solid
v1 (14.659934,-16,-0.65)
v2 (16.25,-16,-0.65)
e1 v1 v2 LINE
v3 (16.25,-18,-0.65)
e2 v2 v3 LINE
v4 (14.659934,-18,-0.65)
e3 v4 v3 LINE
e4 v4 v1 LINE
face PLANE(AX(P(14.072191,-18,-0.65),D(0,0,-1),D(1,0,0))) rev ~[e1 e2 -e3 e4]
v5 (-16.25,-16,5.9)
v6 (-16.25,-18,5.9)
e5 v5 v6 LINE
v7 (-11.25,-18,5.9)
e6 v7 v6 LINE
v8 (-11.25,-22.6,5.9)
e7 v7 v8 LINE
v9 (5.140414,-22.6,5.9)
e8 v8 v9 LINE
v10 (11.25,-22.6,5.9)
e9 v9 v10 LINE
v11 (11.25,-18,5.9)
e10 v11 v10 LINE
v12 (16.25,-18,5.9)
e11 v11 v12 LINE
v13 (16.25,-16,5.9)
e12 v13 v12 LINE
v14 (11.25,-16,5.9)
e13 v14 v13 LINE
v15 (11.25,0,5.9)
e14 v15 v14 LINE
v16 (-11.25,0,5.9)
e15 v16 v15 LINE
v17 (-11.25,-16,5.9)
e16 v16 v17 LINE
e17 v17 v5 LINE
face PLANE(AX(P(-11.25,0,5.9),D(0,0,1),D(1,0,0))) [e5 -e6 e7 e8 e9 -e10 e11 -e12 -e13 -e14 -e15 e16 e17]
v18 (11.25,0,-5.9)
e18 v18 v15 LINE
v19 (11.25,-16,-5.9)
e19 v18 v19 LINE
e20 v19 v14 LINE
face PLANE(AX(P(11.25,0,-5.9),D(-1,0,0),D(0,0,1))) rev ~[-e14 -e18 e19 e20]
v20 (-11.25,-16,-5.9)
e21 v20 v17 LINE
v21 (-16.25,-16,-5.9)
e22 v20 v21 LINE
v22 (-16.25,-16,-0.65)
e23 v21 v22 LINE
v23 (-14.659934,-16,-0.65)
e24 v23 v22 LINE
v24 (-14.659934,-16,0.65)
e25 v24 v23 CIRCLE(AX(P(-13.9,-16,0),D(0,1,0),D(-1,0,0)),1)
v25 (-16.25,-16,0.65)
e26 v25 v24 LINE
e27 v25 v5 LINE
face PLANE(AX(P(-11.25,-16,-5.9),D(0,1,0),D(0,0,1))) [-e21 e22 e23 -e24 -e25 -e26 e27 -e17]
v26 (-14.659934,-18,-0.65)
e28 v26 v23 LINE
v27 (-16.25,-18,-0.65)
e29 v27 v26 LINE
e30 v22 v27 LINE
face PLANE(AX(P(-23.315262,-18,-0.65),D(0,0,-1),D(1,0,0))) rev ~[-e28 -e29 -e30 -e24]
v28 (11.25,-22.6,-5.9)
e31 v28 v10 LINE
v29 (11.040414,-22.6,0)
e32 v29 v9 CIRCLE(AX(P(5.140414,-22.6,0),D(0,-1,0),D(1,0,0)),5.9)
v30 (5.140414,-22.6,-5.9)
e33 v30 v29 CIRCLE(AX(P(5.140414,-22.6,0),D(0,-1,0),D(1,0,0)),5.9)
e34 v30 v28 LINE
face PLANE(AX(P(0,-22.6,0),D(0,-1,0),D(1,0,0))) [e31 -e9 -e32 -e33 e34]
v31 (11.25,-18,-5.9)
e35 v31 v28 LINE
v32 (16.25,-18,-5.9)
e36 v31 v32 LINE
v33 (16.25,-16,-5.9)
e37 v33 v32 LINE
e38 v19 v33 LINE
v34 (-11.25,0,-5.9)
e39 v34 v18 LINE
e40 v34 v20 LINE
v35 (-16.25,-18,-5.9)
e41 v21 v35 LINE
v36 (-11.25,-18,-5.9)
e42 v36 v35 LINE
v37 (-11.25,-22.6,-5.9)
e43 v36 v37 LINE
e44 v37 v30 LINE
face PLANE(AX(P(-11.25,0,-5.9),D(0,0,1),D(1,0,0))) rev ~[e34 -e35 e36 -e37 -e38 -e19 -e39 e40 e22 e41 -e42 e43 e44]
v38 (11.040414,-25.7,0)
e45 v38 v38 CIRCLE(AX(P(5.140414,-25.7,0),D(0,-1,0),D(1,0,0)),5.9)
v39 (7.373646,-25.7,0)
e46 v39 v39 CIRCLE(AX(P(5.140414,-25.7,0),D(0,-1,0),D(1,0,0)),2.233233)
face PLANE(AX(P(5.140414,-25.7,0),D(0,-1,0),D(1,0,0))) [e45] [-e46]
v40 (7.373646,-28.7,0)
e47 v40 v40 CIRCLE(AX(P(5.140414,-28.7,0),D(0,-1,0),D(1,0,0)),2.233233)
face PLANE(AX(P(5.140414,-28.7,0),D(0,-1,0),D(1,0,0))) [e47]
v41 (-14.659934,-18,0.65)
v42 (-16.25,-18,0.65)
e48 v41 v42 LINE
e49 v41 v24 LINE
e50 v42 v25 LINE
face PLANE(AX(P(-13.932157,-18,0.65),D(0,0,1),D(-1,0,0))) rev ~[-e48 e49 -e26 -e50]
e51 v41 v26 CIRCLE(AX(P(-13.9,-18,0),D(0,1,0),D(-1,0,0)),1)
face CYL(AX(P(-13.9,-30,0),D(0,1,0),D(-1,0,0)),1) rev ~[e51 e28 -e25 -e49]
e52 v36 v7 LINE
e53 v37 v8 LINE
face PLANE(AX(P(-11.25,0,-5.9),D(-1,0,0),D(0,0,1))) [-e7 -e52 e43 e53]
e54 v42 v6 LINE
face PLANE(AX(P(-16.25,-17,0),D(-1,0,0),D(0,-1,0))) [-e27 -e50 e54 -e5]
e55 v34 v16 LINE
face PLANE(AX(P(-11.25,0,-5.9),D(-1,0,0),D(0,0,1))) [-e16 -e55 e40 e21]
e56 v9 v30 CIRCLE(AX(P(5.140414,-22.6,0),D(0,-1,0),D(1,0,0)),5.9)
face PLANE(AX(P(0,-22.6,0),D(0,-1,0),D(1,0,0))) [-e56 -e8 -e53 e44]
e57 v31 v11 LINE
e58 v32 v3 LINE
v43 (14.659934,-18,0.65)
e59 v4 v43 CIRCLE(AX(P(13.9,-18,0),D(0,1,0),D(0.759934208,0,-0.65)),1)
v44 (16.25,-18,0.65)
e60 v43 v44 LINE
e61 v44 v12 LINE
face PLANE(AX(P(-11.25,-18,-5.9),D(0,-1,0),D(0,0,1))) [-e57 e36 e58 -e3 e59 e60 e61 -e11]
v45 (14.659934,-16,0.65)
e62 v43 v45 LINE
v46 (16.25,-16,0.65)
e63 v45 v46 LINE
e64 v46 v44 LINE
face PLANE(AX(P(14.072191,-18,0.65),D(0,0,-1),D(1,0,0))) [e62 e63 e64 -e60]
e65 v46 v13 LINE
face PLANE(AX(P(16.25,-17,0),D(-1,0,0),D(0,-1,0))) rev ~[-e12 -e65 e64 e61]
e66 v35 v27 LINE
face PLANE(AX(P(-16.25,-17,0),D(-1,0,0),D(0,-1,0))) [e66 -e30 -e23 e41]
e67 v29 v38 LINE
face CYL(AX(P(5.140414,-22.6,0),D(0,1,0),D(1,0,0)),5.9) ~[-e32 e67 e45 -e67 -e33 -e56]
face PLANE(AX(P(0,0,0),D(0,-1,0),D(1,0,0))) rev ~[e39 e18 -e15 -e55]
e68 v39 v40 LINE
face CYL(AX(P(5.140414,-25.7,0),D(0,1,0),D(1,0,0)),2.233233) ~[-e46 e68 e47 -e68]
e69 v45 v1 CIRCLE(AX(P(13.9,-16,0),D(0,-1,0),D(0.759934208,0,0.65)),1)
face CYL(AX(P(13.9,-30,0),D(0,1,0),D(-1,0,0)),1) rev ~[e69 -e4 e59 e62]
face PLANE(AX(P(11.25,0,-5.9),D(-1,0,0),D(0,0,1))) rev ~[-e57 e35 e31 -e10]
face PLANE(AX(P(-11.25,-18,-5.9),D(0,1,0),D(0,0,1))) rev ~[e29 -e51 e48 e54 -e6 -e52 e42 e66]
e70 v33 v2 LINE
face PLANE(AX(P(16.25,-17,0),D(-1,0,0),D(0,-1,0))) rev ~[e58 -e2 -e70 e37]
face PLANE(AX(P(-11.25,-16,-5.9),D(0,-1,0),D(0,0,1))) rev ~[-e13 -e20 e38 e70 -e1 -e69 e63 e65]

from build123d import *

# Parameters (mm, degrees)
F0_W          = 22.5
F0_H          = 11.8
F1_DEPTH      = 22.6
F2_W          = 2
F2_H          = 11.8
F3_DEPTH      = 5
F3_DEPTH_BACK = 27.5
F4_R          = 5.9
F5_DEPTH      = 3.1
F6_R          = 2.2332329477
F7_DEPTH      = 3
F9_D          = 2
F9_DEPTH      = 12
F9_TIP        = 0.600860619
F10_W         = 7.0652620957
F10_H         = 1.3
F10_W_2       = 9.383104834
F11_DEPTH     = 5


with BuildPart() as f1:
    # F0 (on Front) → F1 (new body)
    with BuildSketch(Plane.XZ):
        Rectangle(F0_W, F0_H)
    extrude(amount=F1_DEPTH)

    # F2 (on face) → F3 (join, two sides)
    with BuildSketch(Plane(origin=(-11.25, 0, 0), x_dir=(0, -1, 0), z_dir=(-1, 0, 0))) as f3_sk:
        with Locations((17, 0)):
            Rectangle(F2_W, F2_H)
    extrude(amount=F3_DEPTH)
    extrude(f3_sk.sketch, amount=-F3_DEPTH_BACK)

    # F4 (on face) → F5 (join)
    with BuildSketch(Plane.XZ.offset(22.6)):
        with Locations((5.1404135302, 0)):
            Circle(F4_R)
    extrude(amount=F5_DEPTH)

    # F6 (on face) → F7 (join)
    with BuildSketch(Plane.XZ.offset(25.7)):
        with Locations((5.1404135302, 0)):
            Circle(F6_R)
    extrude(amount=F7_DEPTH)

    # F9
    with Locations(Plane.XZ.offset(18)):
        with Locations((-13.9, 0), (13.9, 0)):
            Hole(F9_D / 2, depth=F9_DEPTH)
            with Locations((0, 0, -(F9_DEPTH + F9_TIP / 2))):  # 118° drill point
                Cone(0, F9_D / 2, F9_TIP, mode=Mode.SUBTRACT)

    # F10 (on face) → F11 (cut)
    with BuildSketch(Plane.XZ.offset(18)):
        with Locations((-19.7826310478, 0)):
            Rectangle(F10_W, F10_H)
        with BuildLine():
            ThreePointArc((-14.6599342077, -0.65), (-14.9, 0), (-14.6599342077, 0.65))
            Line((-14.6599342077, 0.65), (-16.25, 0.65))
            Line((-16.25, 0.65), (-16.25, -0.65))
            Line((-16.25, -0.65), (-14.6599342077, -0.65))
        make_face()
        with BuildLine():
            Line((-13.9321572616, -0.65), (-13.9321572616, 0.65))
            Line((-13.9321572616, 0.65), (-14.6599342077, 0.65))
            ThreePointArc((-14.6599342077, 0.65), (-14.9, 0), (-14.6599342077, -0.65))
            Line((-14.6599342077, -0.65), (-13.9321572616, -0.65))
        make_face()
        with Locations((18.763743341, 0)):
            Rectangle(F10_W_2, F10_H)
    extrude(amount=-F11_DEPTH, mode=Mode.SUBTRACT)


solid = f1.part
